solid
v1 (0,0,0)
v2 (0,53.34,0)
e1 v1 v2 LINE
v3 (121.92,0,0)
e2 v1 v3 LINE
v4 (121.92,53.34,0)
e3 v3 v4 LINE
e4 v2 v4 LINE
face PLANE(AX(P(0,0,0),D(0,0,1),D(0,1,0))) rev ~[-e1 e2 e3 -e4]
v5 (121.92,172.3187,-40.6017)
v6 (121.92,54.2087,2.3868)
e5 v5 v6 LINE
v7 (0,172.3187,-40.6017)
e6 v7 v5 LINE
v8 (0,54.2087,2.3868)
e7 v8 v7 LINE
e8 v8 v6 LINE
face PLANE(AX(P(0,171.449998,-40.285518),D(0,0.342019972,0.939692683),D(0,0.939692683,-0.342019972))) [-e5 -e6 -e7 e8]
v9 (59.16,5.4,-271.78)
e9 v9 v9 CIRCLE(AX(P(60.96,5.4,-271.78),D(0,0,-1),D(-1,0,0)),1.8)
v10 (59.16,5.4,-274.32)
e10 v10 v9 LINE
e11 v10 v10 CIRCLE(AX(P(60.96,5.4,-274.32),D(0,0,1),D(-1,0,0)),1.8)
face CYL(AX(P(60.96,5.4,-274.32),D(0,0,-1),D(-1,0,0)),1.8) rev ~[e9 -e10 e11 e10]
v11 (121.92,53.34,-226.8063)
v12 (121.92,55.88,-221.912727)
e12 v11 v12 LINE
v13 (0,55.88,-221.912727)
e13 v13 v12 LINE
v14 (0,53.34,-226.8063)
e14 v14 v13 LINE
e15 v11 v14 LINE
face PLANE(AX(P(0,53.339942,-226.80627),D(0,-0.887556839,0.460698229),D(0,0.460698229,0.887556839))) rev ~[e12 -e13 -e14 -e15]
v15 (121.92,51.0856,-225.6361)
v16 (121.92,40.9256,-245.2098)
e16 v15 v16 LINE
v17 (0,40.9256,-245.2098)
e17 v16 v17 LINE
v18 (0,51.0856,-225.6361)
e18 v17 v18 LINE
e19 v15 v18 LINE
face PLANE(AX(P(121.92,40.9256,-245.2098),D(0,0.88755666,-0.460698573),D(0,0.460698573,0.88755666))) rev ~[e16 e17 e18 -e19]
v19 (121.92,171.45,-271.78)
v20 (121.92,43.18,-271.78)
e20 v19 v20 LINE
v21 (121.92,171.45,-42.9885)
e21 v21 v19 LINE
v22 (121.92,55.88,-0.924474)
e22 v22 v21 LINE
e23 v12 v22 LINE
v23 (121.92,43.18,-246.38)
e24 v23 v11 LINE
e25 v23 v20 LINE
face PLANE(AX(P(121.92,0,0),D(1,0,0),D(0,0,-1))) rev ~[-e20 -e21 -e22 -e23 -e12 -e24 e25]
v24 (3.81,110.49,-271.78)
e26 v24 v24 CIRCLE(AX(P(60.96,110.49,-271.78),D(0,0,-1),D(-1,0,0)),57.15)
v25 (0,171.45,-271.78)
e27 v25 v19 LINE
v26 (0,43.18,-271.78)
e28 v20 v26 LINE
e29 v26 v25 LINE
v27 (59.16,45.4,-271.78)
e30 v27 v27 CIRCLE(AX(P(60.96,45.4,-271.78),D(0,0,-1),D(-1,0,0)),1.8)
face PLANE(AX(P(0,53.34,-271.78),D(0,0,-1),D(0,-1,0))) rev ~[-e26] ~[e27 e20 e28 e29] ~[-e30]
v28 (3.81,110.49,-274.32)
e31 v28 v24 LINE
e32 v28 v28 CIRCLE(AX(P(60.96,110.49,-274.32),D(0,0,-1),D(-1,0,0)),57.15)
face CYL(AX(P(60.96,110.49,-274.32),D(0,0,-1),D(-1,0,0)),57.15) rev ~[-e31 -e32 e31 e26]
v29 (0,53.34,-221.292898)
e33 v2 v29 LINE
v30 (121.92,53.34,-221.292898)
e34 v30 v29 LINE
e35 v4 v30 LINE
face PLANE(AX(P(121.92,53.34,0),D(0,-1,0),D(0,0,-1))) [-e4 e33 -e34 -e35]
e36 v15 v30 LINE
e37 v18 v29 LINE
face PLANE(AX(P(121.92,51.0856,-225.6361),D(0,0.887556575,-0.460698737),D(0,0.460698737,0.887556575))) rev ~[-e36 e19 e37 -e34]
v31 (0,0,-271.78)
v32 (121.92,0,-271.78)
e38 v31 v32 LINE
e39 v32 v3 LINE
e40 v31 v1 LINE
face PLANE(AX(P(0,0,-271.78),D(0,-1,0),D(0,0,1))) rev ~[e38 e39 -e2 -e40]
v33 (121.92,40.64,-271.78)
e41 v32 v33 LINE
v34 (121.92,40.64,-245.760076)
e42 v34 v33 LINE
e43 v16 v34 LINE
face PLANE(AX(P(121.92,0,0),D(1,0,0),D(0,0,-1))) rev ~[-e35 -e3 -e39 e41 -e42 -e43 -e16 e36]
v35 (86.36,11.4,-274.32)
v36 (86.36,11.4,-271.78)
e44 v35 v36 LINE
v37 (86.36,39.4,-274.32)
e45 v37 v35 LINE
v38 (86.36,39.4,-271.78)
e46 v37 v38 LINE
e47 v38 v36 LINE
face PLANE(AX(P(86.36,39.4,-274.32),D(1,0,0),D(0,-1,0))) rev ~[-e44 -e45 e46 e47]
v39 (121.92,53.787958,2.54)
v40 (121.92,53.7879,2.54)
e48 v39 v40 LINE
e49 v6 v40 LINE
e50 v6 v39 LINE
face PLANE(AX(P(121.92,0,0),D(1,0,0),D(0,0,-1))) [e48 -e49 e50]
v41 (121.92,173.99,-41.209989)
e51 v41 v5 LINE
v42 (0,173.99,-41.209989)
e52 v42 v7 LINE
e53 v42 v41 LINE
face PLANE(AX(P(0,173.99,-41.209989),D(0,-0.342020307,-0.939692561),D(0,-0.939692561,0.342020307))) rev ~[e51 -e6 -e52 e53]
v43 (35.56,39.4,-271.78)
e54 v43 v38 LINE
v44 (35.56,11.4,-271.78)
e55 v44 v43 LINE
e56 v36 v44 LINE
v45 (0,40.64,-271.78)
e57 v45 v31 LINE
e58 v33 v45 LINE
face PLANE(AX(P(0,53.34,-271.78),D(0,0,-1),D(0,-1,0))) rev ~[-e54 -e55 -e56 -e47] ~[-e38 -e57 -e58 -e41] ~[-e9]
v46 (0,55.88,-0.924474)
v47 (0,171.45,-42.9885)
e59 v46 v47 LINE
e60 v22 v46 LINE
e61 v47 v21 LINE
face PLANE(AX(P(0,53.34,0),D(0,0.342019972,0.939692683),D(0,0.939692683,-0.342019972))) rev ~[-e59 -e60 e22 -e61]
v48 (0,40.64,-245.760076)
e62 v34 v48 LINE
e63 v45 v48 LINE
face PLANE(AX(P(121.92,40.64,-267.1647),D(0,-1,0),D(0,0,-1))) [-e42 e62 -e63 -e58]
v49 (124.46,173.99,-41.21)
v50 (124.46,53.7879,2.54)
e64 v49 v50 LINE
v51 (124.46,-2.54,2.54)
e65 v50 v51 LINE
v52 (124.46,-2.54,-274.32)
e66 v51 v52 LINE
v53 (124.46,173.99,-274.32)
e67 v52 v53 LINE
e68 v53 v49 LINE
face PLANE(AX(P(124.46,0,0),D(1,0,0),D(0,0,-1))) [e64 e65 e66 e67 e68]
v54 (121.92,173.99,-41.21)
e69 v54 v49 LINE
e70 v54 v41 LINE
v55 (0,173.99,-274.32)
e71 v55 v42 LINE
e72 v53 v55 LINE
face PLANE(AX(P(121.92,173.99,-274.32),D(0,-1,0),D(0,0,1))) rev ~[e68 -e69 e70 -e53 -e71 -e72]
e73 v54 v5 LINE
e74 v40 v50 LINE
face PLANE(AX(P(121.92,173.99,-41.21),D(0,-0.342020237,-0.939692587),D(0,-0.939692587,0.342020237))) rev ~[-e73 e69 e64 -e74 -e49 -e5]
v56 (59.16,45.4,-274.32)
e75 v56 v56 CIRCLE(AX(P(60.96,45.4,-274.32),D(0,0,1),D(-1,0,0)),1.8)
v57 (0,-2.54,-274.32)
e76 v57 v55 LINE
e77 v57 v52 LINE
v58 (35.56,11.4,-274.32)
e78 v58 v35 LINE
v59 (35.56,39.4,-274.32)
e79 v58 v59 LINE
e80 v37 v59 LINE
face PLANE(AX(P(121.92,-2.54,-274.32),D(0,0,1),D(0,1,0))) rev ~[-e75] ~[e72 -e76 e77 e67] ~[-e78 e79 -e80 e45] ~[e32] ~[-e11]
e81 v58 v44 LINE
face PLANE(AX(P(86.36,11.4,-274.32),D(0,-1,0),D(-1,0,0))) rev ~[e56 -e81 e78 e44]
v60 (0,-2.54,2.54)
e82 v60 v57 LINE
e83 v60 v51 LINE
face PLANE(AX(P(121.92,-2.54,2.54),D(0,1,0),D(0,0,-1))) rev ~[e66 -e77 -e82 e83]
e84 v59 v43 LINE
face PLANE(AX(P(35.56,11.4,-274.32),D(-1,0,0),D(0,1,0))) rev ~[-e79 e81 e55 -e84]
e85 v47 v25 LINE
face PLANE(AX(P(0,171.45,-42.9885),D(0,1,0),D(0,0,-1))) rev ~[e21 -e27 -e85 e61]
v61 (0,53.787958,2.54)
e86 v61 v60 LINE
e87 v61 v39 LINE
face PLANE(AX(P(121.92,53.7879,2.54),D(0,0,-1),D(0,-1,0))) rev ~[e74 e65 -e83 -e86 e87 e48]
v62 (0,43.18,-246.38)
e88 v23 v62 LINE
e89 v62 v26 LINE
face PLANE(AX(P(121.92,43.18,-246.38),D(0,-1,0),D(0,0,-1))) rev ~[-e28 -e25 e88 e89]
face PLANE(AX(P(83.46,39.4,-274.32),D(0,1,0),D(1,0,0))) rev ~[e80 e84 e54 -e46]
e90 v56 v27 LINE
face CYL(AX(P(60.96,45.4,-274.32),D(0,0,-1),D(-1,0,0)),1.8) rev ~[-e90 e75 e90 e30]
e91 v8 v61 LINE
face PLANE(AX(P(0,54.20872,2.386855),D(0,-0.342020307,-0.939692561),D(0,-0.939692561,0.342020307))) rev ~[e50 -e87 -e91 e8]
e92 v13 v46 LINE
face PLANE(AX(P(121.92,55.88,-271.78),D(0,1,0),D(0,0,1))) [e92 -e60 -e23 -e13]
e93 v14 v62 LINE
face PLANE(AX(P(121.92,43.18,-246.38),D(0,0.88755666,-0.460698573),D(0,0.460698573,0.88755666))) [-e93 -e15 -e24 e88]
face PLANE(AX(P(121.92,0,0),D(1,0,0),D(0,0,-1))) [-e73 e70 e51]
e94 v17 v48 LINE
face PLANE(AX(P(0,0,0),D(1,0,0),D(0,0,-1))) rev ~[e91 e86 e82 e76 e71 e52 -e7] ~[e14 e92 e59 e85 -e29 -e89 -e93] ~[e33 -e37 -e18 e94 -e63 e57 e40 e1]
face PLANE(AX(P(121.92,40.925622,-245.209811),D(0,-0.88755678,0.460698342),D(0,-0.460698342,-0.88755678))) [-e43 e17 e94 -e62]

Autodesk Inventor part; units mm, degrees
ref_plane "YZ Plane" through (0, 0, 0) normal (1, 0, 0) x (0, 1, 0)
ref_plane "XZ Plane" through (0, 0, 0) normal (0, 1, 0) x (-1, 0, 0)
ref_plane "XY Plane" through (0, 0, 0) normal (0, 0, 1) x (1, 0, 0)
sketch "Sketch1" plane through (0, 0, 0) normal (1, 0, 0) x (0, 1, 0)
  line L0 (0, 0) -> (171.45, 0)
  line L1 (171.45, 0) -> (171.45, -271.78)
  line L2 (171.45, -271.78) -> (0, -271.78)
  line L3 (0, -271.78) -> (0, 0)
  line L4 (0, 0) -> (53.34, 0)
  line L5 (53.34, 0) -> (53.34, -271.78)
  line L6 (53.34, 0) -> (171.45, -42.9885)
  line L7 (53.34, 0) -> (179.03, 0) construction
  line L8 (173.99, -274.32) -> (173.99, 2.54)
  line L9 (173.99, 2.54) -> (-2.54, 2.54)
  line L10 (-2.54, 2.54) -> (-2.54, -274.32)
  line L11 (-2.54, -274.32) -> (173.99, -274.32)
  line L12 (54.2087, 2.3868) -> (172.3187, -40.6017)
  line L13 (179.03, -43.0444) -> (43.4558, 6.3006)
  point P0 (53.7879, 2.54)
  point P1 (173.99, -41.21)
  dimension "d0" = 171.45
  dimension "d1" = 271.78
  dimension "d2" = 53.34
  dimension "d3" = 20
  dimension "d4" = 2.54
  dimension "d5" = 2.54
extrude "Extrusion1" add sketch "Sketch1" along normal blind 121.92 contours L3 L2 L1 L12 L13 L8 L11 L10 L9 L0 | L0 L12 L1 L6
sketch "Sketch2" plane through (121.92, 0, 0) normal (1, 0, 0) x (0, 0, -1)
  line L0 (0, 0) -> (0, 53.34) projected
  line L1 (0, 53.34) -> (271.78, 53.34)
  line L2 (271.78, 171.45) -> (271.78, 0) projected
  line L3 (271.78, 55.88) -> (-2.54, 55.88)
  line L4 (-2.54, 55.88) -> (-2.54, 0)
  line L5 (0, 53.34) -> (42.9885, 171.45) projected
  line L6 (5.0738, 67.2802) -> (-1.6206, 48.8875)
  line L7 (271.78, 82.1996) -> (271.78, 27.94)
  point P0 (0.9245, 55.88)
  dimension "d8" = 2.54
extrude "Extrusion2" add sketch "Sketch2" against normal blind 121.92
sketch "Sketch3" plane through (0, -2.54, -274.32) normal (0, 0, -1) x (-1, 0, 0)
  line L0 (0, 0) -> (-121.92, 0) projected
  line L1 (-121.92, 0) -> (0, 0)
  line L2 (-121.92, 55.88) -> (0, 55.88) projected
  line L3 (0, 0) -> (0, 55.88)
  line L4 (0, 55.88) -> (-121.92, 55.88)
  line L5 (0, 58.42) -> (-121.92, 58.42) projected
  line L6 (-121.92, 55.88) -> (-121.92, 0)
  circle A0 centre (-60.96, 27.94) radius 27.94
  line L7 (-83.46, 13.94) -> (-38.46, 13.94)
  line L8 (-38.46, 13.94) -> (-38.46, 41.94)
  line L9 (-38.46, 41.94) -> (-83.46, 41.94)
  line L10 (-83.46, 41.94) -> (-83.46, 13.94)
  line L11 (-83.46, 13.94) -> (-38.46, 41.94) construction
  line L12 (-38.46, 13.94) -> (-83.46, 41.94) construction
  line L13 (-60.9761, 7.94) -> (-60.9439, 7.94)
  line L14 (-60.9439, 47.94) -> (-60.9761, 47.94)
  line L15 (-60.9761, 7.94) -> (-60.9439, 47.94) construction
  line L16 (-60.9439, 7.94) -> (-60.9761, 47.94) construction
  circle A1 centre (-60.96, 47.94) radius 1.8
  circle A2 centre (-60.96, 7.94) radius 1.8
  line L17 (-60.9761, 47.94) -> (-60.9761, 46.1401)
  line L18 (-60.9439, 46.1401) -> (-60.9439, 47.94)
  line L19 (-60.9761, 41.94) -> (-60.9761, 13.94)
  line L20 (-60.9761, 9.7399) -> (-60.9761, 7.94)
  line L21 (-60.9439, 7.94) -> (-60.9439, 9.7399)
  line L22 (-60.9439, 13.94) -> (-60.9439, 41.94)
  point P0 (0, 2.54)
  dimension "d11" = 45
  dimension "d12" = 28
  dimension "d13" = 40
  dimension "d14" = 3.6
extrude "Extrusion3" cut sketch "Sketch3" against normal blind 121.92 contours L10 L9 L19 L7 | L19 L9 L22 L7 | L22 L9 L8 L7 | L20 A2 L21 L13 | L13 L21 A2 L20 | L18 A1 L17 L14 | L14 L17 A1 L18
sketch "Sketch4" plane through (0, -2.54, -274.32) normal (0, 0, -1) x (-1, 0, 0)
  line L0 (-38.46, 41.94) -> (-38.46, 13.94) projected
  line L1 (-83.46, 13.94) -> (-83.46, 41.94) projected
  line L2 (-38.46, 41.94) -> (-83.46, 41.94)
  line L3 (-83.46, 41.94) -> (-83.46, 13.94)
  line L4 (-83.46, 13.94) -> (-38.46, 13.94)
  line L5 (-38.46, 13.94) -> (-38.46, 41.94)
  line L6 (-86.36, 13.94) -> (-35.56, 13.94)
  line L7 (-35.56, 13.94) -> (-35.56, 41.94)
  line L8 (-35.56, 41.94) -> (-86.36, 41.94)
  line L9 (-86.36, 41.94) -> (-86.36, 13.94)
  line L10 (-86.36, 13.94) -> (-35.56, 41.94) construction
  line L11 (-35.56, 13.94) -> (-86.36, 41.94) construction
  point P0 (0, 2.54)
  point P1 (-60.96, 27.94)
  dimension "d17" = 50.8
extrude "Extrusion4" cut sketch "Sketch4" against normal blind 121.92 contours L8 L7 L6 L0 | L1 L6 L9 L8
sketch "Sketch5" plane through (121.92, 0, 0) normal (1, 0, 0) x (0, 0, -1)
  line L0 (271.78, 53.34) -> (271.78, 0) projected
  line L1 (271.78, 53.34) -> (246.38, 53.34)
  line L2 (271.78, 53.34) -> (0, 53.34) projected
  line L3 (246.38, 53.34) -> (246.38, 43.18)
  line L4 (246.38, 43.18) -> (272.1958, 43.18)
  line L5 (246.38, 43.18) -> (226.8063, 53.34)
  line L6 (226.8063, 53.34) -> (209.4202, 62.3644)
  line L7 (245.2098, 40.9256) -> (225.6361, 51.0856)
  line L8 (225.6361, 51.0856) -> (208.25, 60.1101)
  line L9 (246.38, 40.64) -> (272.1958, 40.64)
  line L10 (239.3965, 43.9431) -> (259.2879, 33.6182)
  line L11 (267.1647, 40.64) -> (232.6379, 40.64)
  point P0 (0, 0)
  point P1 (245.7601, 40.64)
  point P2 (271.78, 40.64)
  point P3 (271.78, 43.18)
  point P4 (221.2929, 53.34)
  dimension "d20" = 25.4
  dimension "d21" = 10.16
  dimension "d22" = 2.54
  dimension "d23" = 2.54
extrude "Extrusion5" add sketch "Sketch5" against normal blind 121.92 contours L0 L9 L11 L10 L7 L8 L2 L5 L4
sketch "Sketch6" plane through (0, 0, 0) normal (-1, 0, 0) x (0, 0, 1)
  line L0 (-226.8063, 53.34) -> (-246.38, 43.18) projected
  line L1 (-233.7398, 49.741) -> (-197.786, 68.4033)
  line L2 (-197.786, 68.4033) -> (-271.78, 69.3117)
  line L3 (-271.78, 171.45) -> (-271.78, 55.88) projected
  line L4 (-271.78, 69.3117) -> (-271.78, 47.3341)
  line L5 (-271.78, 53.34) -> (-271.78, 43.18) projected
  line L6 (-271.78, 47.3341) -> (-233.7398, 49.741)
  point P0 (0, 0)
extrude "Extrusion6" cut sketch "Sketch6" against normal blind 121.92
sketch "Sketch7" plane through (121.92, 0, 0) normal (1, 0, 0) x (0, 0, -1)
  line L0 (-2.54, -2.54) -> (274.32, -2.54) projected
  line L1 (274.32, 173.99) -> (41.21, 173.99) projected
  line L2 (-2.54, -2.54) -> (274.32, -2.54)
  line L3 (274.32, -2.54) -> (274.32, 173.99)
  line L4 (274.32, 173.99) -> (-2.54, 173.99)
  line L5 (-2.54, 173.99) -> (-2.54, -2.54)
  line L6 (41.21, 173.99) -> (-2.54, 53.7879) projected
  line L7 (41.21, 173.99) -> (-2.54, 53.7879)
  point P0 (0, 0)
extrude "Extrusion7" add sketch "Sketch7" along normal blind 2.54 contours L5 L6 L1 L3 L0
sketch "Sketch8" plane through (0, -2.54, -274.32) normal (0, 0, -1) x (-1, 0, 0)
  line L0 (0, 173.99) -> (-121.92, 173.99) projected
  line L1 (-121.92, 173.99) -> (0, 173.99)
  line L2 (0, 173.99) -> (0, 52.07)
  line L3 (0, 52.07) -> (-121.92, 52.07)
  line L4 (-121.92, 52.07) -> (-121.92, 173.99)
  circle A0 centre (-60.96, 113.03) radius 57.15
  point P0 (0, 2.54)
  dimension "d30" = 121.92
  dimension "d31" = 114.3
extrude "Extrusion8" cut sketch "Sketch8" against normal blind 25.4 contours A0
properties part number "Electronics Case for Bubba"
